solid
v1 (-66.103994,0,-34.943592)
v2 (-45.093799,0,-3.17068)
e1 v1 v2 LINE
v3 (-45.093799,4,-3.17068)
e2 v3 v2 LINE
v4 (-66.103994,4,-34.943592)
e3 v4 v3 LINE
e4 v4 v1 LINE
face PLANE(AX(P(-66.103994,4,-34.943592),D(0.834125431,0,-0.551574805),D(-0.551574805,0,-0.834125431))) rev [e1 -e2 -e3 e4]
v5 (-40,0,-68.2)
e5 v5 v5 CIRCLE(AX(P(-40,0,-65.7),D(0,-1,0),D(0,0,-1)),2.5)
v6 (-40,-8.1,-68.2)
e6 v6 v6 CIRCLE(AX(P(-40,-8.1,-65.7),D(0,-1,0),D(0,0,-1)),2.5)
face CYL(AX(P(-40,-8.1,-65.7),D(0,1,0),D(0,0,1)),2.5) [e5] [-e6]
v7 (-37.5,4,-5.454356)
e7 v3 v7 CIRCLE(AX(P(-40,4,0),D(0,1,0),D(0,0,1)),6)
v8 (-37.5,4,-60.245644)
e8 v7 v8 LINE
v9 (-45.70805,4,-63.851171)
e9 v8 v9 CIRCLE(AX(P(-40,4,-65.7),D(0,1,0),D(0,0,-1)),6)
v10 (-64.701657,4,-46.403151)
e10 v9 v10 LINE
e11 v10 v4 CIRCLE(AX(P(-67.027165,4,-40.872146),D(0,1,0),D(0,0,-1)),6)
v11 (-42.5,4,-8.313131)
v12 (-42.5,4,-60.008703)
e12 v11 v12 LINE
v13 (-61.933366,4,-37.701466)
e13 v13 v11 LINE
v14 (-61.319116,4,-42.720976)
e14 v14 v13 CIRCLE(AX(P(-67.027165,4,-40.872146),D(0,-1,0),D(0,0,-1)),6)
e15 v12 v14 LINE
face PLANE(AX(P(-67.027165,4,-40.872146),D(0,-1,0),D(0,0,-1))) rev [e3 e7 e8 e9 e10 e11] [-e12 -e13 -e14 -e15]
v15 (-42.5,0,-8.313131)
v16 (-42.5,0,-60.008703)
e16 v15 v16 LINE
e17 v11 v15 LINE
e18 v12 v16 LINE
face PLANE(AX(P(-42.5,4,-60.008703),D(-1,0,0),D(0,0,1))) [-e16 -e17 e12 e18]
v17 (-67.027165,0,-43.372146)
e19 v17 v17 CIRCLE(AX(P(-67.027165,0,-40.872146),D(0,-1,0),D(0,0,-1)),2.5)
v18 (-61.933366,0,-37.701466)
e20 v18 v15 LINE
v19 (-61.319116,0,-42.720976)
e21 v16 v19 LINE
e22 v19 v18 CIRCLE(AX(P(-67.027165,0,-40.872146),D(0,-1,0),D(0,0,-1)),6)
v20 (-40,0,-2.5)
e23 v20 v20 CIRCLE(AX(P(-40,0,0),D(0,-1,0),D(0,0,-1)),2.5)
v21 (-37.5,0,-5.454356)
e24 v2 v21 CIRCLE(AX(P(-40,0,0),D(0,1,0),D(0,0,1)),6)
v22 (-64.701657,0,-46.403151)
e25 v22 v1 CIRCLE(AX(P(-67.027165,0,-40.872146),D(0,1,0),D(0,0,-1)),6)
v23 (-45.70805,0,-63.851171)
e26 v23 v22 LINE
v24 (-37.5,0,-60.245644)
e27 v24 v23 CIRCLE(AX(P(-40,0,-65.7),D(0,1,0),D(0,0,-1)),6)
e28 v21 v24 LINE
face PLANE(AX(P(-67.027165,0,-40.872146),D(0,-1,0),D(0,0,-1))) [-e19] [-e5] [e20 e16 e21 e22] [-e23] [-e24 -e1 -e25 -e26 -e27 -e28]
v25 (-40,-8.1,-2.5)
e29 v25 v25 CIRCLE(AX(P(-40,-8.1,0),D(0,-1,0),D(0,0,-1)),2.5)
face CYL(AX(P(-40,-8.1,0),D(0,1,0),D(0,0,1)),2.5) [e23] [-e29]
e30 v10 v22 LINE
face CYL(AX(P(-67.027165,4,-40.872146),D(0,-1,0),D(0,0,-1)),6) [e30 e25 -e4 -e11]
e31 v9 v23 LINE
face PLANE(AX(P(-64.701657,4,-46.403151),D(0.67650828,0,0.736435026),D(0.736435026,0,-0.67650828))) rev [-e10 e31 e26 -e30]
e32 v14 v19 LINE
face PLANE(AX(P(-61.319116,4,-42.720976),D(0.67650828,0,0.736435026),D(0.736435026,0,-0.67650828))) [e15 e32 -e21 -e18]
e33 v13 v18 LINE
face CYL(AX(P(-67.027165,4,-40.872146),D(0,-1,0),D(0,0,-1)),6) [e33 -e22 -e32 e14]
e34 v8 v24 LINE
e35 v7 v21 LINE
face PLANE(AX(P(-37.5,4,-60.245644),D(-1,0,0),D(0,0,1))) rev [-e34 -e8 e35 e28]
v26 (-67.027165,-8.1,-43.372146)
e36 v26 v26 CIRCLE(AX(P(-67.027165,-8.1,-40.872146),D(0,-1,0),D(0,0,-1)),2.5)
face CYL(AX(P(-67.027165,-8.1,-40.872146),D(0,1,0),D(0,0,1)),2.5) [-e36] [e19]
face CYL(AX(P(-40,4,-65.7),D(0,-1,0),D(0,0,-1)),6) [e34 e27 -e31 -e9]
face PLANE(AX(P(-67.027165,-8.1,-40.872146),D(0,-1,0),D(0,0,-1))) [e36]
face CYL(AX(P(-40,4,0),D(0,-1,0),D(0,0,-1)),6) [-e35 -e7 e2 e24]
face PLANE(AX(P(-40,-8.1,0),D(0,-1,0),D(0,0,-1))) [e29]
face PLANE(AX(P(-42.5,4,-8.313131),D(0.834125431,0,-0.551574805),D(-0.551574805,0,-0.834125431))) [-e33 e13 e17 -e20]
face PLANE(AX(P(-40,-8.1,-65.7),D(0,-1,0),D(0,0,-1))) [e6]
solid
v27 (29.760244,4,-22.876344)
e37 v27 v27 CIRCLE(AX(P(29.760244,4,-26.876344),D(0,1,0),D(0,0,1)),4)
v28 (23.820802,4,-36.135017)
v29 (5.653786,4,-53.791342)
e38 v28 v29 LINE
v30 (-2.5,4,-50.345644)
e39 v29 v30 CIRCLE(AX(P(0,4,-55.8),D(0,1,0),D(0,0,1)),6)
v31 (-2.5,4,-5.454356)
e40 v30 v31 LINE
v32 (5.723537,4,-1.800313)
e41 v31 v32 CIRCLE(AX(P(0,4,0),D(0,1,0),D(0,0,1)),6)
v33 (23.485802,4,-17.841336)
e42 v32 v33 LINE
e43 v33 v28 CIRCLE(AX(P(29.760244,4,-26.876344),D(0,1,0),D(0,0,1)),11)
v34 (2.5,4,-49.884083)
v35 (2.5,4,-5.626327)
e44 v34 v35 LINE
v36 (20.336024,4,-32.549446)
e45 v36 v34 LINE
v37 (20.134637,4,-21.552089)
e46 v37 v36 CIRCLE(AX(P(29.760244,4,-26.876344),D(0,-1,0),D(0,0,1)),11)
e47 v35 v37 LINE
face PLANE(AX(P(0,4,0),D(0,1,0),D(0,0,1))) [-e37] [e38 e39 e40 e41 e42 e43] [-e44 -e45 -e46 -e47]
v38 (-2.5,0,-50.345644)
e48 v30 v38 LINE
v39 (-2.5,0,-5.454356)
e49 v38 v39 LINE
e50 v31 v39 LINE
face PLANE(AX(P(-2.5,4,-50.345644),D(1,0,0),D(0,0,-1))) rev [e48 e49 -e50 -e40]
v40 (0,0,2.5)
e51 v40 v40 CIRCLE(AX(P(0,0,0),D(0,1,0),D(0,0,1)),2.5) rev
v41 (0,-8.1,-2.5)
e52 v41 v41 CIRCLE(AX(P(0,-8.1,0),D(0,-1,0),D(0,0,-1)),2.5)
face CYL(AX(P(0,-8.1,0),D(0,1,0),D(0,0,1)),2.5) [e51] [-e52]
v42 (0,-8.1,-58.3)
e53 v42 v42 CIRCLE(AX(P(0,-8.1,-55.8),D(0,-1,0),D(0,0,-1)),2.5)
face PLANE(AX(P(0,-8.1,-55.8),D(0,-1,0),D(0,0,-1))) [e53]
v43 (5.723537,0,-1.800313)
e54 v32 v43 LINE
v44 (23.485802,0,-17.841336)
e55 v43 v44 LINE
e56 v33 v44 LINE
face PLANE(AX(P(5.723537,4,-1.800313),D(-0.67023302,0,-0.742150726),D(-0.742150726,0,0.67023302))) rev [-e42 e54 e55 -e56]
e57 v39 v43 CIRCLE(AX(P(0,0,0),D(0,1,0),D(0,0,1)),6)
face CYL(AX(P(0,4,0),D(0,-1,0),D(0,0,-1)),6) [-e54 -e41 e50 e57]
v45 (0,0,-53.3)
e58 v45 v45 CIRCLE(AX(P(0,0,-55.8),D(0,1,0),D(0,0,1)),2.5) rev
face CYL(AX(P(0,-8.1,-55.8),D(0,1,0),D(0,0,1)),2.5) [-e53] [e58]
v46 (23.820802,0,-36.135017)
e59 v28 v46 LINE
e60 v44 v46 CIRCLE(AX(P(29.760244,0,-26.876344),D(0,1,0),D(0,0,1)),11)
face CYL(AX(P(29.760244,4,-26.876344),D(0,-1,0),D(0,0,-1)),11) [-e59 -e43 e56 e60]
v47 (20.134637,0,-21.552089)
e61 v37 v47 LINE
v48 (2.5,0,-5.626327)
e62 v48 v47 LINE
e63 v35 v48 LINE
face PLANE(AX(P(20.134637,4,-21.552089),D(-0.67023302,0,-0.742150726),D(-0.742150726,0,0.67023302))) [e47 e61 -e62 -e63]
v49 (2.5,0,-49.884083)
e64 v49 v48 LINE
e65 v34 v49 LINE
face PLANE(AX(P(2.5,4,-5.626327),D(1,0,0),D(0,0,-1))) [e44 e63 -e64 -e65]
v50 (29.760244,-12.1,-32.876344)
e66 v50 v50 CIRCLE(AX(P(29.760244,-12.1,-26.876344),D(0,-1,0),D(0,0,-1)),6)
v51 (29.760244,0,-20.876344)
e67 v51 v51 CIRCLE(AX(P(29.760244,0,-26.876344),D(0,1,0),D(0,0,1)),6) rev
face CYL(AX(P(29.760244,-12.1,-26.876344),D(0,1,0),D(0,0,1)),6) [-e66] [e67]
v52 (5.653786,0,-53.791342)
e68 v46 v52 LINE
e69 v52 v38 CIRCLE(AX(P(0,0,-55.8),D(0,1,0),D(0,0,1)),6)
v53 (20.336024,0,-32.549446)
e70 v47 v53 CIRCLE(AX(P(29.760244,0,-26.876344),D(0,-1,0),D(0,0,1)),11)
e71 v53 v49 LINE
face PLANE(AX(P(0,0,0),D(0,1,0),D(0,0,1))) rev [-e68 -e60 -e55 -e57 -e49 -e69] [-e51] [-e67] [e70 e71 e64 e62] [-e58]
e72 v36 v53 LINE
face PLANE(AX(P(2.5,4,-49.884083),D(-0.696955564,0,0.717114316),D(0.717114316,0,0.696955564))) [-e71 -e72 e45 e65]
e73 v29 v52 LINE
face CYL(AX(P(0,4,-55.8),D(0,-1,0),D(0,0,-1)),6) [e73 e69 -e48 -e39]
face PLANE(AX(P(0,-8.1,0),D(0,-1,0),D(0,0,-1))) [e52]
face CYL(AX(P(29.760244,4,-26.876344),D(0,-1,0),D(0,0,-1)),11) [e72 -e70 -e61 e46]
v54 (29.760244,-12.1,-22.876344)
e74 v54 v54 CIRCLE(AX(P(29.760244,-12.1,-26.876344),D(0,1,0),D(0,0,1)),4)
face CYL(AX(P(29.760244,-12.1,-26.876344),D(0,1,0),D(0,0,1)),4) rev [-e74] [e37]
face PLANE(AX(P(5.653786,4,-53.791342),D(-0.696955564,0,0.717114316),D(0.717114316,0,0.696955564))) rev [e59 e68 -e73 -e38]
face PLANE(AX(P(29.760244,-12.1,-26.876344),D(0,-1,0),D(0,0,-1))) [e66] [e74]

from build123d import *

# Parameters (mm, degrees)
EXTRUDE_1_DEPTH     = 4
EXTRUDE_1_2_DEPTH   = 4
SKETCH_2_R          = 2.5
EXTRUDE_2_DEPTH     = 8.1
SKETCH_3_R          = 2.5
EXTRUDE_3_DEPTH     = 8.1
SKETCH_4_R          = 6
EXTRUDE_4_DEPTH     = 12.1
SKETCH_5_R          = 4
CUT_EXTRUDE_1_DEPTH = 104.600515887


with BuildPart() as part:
    # Эскиз1 → Бобышка-Вытянуть1 (new body)
    with BuildSketch(Plane(origin=(0, 0, 0), x_dir=(1, 0, 0), z_dir=(0, 1, 0))):
        with BuildLine():
            Line((-64.701657296, 46.403150718), (-45.708049543, 63.851170528))
            ThreePointArc((-45.708049543, 63.851170528), (-37.586941576, 71.193373193), (-37.5, 60.245643943))
            Line((-37.5, 60.245643943), (-37.5, 5.454356057))
            ThreePointArc((-37.5, 5.454356057), (-38.272069955, -5.745803491), (-45.093798955, 3.170680085))
            Line((-45.093798955, 3.170680085), (-66.103993638, 34.943592009))
            ThreePointArc((-66.103993638, 34.943592009), (-72.98273861, 41.600945273), (-64.701657296, 46.403150718))
        make_face()
        with BuildLine():
            Line((-61.319115896, 42.72097559), (-42.5, 60.008702662))
            Line((-42.5, 60.008702662), (-42.5, 8.313130943))
            Line((-42.5, 8.313130943), (-61.933366483, 37.701466034))
            ThreePointArc((-61.933366483, 37.701466034), (-61.071592268, 40.143346965), (-61.319115896, 42.72097559))
        make_face(mode=Mode.SUBTRACT)
    extrude(amount=EXTRUDE_1_DEPTH)

    # Эскиз2 → Бобышка-Вытянуть2 (add)
    with BuildSketch(Plane.XZ):
        with Locations(Location((-40, 0, 0), (0, 0, 270))):
            Circle(SKETCH_2_R)
        with Locations(Location((-40, -65.7, 0), (0, 0, 270))):
            Circle(SKETCH_2_R)
        with Locations(Location((-67.027165439, -40.872146119, 0), (0, 0, 270))):
            Circle(SKETCH_2_R)
    extrude(amount=EXTRUDE_2_DEPTH)


with BuildPart() as body_2:
    # Эскиз1 → Extrude 1 2 (new body)
    with BuildSketch(Plane(origin=(0, 0, 0), x_dir=(1, 0, 0), z_dir=(0, 1, 0))):
        with BuildLine():
            Line((-2.5, 50.345643943), (-2.5, 5.454356057))
            ThreePointArc((-2.5, 5.454356057), (-2.436350888, -5.483082559), (5.723536854, 1.800312716))
            Line((5.723536854, 1.800312716), (23.485802209, 17.841335562))
            ThreePointArc((23.485802209, 17.841335562), (40.75840018, 26.67494221), (23.820802166, 36.135017294))
            Line((23.820802166, 36.135017294), (5.653785721, 53.791341986))
            ThreePointArc((5.653785721, 53.791341986), (-2.335551293, 61.326771223), (-2.5, 50.345643943))
        make_face()
        with BuildLine():
            Line((20.134637111, 21.55208919), (2.5, 5.626326843))
            Line((2.5, 5.626326843), (2.5, 49.884082804))
            Line((2.5, 49.884082804), (20.336024345, 32.549445717))
            ThreePointArc((20.336024345, 32.549445717), (18.762088009, 27.077745962), (20.134637111, 21.55208919))
        make_face(mode=Mode.SUBTRACT)
    extrude(amount=EXTRUDE_1_2_DEPTH)

    # Эскиз3 → Бобышка-Вытянуть3 (add)
    with BuildSketch(Plane.XZ):
        with Locations(Location((0, 0, 0), (0, 0, 90))):
            Circle(SKETCH_3_R)
        with Locations(Location((0, -55.8, 0), (0, 0, 90))):
            Circle(SKETCH_3_R)
    extrude(amount=EXTRUDE_3_DEPTH)

    # Эскиз4 → Бобышка-Вытянуть4 (add)
    with BuildSketch(Plane.XZ):
        with Locations(Location((29.760244095, -26.876344086, 0), (0, 0, 90))):
            Circle(SKETCH_4_R)
    extrude(amount=EXTRUDE_4_DEPTH)

    # Эскиз5 → Вырез-Вытянуть1 (cut, through all)
    with BuildSketch(Plane(origin=(0, 4, 0), x_dir=(1, 0, 0), z_dir=(0, 1, 0))):
        with Locations(Location((29.760244095, 26.876344086, 0), (0, 0, 270))):
            Circle(SKETCH_5_R)
    extrude(amount=-CUT_EXTRUDE_1_DEPTH, mode=Mode.SUBTRACT)


solid = Compound([part.part, body_2.part])
